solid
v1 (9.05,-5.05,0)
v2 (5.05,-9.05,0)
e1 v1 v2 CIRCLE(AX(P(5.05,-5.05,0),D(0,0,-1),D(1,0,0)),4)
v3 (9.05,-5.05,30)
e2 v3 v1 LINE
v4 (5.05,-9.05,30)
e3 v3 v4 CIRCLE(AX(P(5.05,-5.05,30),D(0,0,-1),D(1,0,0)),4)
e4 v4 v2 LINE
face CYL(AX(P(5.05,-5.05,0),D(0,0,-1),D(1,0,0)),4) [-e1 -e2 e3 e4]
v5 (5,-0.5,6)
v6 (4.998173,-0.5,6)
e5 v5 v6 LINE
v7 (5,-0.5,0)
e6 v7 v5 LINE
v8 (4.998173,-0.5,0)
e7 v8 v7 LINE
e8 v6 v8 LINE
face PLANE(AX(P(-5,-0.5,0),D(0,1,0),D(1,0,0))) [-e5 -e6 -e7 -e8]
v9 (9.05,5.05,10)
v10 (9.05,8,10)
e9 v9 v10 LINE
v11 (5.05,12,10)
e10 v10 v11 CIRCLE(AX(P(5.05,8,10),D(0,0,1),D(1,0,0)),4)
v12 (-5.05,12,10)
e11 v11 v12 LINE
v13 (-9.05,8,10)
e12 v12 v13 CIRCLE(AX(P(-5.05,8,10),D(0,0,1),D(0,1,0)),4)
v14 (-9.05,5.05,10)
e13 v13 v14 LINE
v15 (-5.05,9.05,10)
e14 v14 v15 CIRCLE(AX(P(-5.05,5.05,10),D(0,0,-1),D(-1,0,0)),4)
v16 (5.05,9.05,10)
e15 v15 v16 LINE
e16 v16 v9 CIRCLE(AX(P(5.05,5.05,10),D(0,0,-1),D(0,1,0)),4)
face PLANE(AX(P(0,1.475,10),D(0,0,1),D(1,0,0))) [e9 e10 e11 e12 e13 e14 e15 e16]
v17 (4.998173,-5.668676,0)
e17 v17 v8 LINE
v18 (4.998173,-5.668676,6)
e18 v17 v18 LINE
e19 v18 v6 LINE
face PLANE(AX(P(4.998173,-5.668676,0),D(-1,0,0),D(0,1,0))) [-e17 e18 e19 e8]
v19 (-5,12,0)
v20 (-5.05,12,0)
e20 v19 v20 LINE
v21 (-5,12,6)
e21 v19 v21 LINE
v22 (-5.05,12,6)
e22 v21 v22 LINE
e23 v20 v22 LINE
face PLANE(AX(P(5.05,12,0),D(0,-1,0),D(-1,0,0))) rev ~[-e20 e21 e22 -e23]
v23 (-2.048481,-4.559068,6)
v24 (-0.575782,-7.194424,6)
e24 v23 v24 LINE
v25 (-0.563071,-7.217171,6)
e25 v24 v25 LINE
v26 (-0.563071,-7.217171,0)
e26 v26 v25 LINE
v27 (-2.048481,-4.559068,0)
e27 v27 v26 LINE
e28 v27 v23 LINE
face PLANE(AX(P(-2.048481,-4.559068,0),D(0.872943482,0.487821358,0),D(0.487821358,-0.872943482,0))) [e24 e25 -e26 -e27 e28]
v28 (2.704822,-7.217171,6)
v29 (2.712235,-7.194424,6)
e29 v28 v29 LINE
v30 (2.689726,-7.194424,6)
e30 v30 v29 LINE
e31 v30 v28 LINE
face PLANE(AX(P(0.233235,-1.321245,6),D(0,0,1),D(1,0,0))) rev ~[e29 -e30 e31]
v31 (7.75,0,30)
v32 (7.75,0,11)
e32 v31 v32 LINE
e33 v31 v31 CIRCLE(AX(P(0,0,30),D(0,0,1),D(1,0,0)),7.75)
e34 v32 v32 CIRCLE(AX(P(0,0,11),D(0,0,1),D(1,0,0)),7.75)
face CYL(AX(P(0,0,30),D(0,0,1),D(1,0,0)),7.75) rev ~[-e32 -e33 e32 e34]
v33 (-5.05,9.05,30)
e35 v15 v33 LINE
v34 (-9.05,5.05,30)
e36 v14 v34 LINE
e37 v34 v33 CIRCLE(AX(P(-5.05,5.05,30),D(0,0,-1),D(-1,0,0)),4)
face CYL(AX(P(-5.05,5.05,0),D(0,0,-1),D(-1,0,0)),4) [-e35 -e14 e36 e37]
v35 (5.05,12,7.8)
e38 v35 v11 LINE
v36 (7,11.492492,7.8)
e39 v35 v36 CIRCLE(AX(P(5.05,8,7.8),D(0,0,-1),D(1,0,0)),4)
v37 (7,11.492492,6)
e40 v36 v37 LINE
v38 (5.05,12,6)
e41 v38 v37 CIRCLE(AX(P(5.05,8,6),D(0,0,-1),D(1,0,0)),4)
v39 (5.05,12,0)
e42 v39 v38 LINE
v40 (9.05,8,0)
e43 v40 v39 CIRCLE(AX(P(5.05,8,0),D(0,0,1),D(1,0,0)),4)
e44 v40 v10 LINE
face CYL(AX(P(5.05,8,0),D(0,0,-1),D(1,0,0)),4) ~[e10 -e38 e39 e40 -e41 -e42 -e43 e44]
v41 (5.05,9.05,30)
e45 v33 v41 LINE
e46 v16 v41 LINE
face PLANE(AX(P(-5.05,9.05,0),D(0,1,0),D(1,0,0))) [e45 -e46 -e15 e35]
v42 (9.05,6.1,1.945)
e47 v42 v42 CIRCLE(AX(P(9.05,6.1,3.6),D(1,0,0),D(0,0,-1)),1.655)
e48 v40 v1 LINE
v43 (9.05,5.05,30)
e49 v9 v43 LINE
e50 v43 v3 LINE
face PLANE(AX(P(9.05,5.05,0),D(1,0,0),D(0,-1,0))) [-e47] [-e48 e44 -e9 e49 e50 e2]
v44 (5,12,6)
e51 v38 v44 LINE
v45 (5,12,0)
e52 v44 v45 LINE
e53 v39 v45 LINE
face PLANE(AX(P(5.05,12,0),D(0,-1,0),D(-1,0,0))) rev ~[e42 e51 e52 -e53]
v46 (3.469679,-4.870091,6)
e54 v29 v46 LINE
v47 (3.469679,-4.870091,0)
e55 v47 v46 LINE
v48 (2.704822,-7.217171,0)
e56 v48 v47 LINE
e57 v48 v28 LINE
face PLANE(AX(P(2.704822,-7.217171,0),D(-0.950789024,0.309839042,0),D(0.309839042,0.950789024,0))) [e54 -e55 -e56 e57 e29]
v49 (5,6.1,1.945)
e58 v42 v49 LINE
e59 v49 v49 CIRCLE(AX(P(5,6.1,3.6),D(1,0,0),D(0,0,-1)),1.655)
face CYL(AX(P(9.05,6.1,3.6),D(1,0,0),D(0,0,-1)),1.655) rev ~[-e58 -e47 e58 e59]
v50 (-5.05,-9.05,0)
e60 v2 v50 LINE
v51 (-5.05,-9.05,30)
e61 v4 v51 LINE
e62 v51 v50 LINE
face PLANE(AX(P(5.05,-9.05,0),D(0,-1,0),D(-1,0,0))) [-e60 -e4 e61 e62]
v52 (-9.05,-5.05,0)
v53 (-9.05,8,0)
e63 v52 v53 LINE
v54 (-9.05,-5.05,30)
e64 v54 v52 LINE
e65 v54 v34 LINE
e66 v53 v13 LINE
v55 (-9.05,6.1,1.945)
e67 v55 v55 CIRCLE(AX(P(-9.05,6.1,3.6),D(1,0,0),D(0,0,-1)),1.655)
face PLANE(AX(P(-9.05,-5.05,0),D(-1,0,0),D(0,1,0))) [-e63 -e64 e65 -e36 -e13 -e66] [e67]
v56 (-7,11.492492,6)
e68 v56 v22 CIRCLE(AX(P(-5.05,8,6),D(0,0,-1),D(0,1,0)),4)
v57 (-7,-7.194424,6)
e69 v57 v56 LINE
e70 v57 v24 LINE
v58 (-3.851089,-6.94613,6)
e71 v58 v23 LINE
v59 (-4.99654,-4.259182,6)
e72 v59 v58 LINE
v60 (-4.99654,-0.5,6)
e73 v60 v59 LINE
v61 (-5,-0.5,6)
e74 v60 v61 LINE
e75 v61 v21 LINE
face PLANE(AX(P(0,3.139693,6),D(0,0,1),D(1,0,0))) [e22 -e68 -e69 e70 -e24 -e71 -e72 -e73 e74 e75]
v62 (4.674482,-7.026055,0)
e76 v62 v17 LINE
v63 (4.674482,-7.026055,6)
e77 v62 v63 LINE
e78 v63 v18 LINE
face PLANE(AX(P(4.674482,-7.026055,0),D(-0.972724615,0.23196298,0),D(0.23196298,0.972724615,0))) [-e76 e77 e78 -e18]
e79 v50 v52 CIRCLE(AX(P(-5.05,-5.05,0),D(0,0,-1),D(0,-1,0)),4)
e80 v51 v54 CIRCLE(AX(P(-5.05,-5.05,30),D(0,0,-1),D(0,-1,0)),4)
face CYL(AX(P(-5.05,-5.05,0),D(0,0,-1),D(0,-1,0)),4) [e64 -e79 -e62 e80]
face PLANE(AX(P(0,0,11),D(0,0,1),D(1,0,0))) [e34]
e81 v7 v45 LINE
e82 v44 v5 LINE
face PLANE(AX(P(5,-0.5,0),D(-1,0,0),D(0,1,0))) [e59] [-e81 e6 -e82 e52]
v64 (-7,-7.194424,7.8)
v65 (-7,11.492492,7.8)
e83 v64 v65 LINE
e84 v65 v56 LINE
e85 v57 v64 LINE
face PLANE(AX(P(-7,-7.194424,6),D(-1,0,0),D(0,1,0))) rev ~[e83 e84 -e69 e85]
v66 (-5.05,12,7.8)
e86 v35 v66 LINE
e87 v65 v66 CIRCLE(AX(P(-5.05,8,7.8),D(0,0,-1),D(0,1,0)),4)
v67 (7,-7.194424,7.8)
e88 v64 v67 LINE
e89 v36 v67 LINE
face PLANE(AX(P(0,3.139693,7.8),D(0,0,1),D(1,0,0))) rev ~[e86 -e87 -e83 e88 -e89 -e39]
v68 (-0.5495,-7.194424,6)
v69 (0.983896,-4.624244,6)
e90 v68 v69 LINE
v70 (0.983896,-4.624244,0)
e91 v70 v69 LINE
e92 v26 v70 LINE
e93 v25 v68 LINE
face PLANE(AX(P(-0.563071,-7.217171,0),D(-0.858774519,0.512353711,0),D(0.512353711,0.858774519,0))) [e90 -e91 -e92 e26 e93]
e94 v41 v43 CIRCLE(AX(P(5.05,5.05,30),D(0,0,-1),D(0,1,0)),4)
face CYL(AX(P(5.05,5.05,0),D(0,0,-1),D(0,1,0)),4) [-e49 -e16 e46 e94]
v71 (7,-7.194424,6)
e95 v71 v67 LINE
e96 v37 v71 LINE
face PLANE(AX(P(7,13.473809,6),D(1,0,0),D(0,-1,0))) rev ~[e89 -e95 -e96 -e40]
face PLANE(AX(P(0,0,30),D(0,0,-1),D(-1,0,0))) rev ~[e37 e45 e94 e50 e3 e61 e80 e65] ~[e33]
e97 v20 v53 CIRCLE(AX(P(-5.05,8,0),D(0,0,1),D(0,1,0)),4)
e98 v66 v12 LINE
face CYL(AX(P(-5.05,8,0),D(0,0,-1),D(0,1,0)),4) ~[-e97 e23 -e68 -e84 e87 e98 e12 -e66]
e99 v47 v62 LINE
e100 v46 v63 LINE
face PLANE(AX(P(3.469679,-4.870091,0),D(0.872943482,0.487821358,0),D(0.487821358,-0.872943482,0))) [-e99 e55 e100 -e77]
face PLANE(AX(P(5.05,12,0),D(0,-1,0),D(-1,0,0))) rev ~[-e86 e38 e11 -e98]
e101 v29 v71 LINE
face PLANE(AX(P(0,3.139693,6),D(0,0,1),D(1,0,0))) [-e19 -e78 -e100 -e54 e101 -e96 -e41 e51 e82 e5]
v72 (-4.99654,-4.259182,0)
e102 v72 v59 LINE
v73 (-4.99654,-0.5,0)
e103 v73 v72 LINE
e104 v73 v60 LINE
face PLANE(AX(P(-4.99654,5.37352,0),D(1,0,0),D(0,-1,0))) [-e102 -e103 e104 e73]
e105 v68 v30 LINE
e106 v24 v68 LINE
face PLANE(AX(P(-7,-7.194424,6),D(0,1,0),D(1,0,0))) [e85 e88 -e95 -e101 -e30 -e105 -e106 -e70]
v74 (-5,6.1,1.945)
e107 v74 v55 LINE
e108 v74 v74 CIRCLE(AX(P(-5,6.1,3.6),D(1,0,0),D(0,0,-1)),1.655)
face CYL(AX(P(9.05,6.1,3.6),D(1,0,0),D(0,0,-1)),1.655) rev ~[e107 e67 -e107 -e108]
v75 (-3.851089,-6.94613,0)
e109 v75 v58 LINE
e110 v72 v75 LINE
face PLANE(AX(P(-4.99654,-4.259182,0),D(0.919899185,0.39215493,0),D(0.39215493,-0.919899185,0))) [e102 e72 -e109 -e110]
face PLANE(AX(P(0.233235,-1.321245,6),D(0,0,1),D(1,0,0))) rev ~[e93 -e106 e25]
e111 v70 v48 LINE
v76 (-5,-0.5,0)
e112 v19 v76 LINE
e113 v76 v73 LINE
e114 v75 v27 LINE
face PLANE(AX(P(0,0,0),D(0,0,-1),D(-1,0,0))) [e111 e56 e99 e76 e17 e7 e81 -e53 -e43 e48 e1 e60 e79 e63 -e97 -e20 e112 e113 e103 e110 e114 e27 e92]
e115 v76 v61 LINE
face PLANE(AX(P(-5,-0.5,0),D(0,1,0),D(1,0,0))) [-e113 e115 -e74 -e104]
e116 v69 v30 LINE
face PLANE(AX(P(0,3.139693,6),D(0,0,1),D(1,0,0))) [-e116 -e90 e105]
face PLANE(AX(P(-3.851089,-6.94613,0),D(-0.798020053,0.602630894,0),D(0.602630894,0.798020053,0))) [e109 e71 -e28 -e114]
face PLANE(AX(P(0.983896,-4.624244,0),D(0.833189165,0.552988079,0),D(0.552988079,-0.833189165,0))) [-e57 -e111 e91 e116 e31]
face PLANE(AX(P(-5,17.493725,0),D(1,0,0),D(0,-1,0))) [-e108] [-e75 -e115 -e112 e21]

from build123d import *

# Parameters (mm, degrees)
BOSS_EXTRUDE1_DEPTH = 30
BOSS_EXTRUDE3_DEPTH = 10
SKETCH17_R          = 1.655
CUT_EXTRUDE10_DEPTH = 30
CUT_EXTRUDE11_DEPTH = 6
CUT_EXTRUDE12_DEPTH = 1.8
CUT_EXTRUDE13_DEPTH = 7.2
SKETCH24_R          = 7.75
CUT_EXTRUDE15_DEPTH = 19


with BuildPart() as part:
    # Sketch1 → Boss-Extrude1 (new body)
    with BuildSketch(Plane.XY):
        with BuildLine():
            Line((-5.05, 9.05), (5.05, 9.05))
            ThreePointArc((5.05, 9.05), (7.878427125, 7.878427125), (9.05, 5.05))
            Line((9.05, 5.05), (9.05, -5.05))
            ThreePointArc((9.05, -5.05), (7.878427125, -7.878427125), (5.05, -9.05))
            Line((5.05, -9.05), (-5.05, -9.05))
            ThreePointArc((-5.05, -9.05), (-7.878427125, -7.878427125), (-9.05, -5.05))
            Line((-9.05, -5.05), (-9.05, 5.05))
            ThreePointArc((-9.05, 5.05), (-7.878427125, 7.878427125), (-5.05, 9.05))
        make_face()
    extrude(amount=BOSS_EXTRUDE1_DEPTH)

    # Sketch15 → Boss-Extrude3 (add)
    with BuildSketch(Plane.XY):
        with BuildLine():
            Line((-5.05, -9.05), (5.05, -9.05))
            ThreePointArc((5.05, -9.05), (7.878427125, -7.878427125), (9.05, -5.05))
            Line((9.05, -5.05), (9.05, 8))
            ThreePointArc((9.05, 8), (7.878427125, 10.828427125), (5.05, 12))
            Line((5.05, 12), (-5.05, 12))
            ThreePointArc((-5.05, 12), (-7.878427125, 10.828427125), (-9.05, 8))
            Line((-9.05, 8), (-9.05, -5.05))
            ThreePointArc((-9.05, -5.05), (-7.878427125, -7.878427125), (-5.05, -9.05))
        make_face()
    extrude(amount=BOSS_EXTRUDE3_DEPTH)

    # Sketch17 → Cut-Extrude10 (cut)
    with BuildSketch(Plane(origin=(9.05, 0, 0), x_dir=(0, 0, -1), z_dir=(1, 0, 0))):
        with Locations((-3.6, 6.1)):
            Circle(SKETCH17_R)
    extrude(amount=-CUT_EXTRUDE10_DEPTH, mode=Mode.SUBTRACT)

    # Sketch18 → Cut-Extrude11 (cut)
    with BuildSketch(Plane.XY):
        Polygon((-4.996539756, -4.259182236), (-3.851088562, -6.946129507), (-2.048481088, -4.559068161), (-0.563070773, -7.21717083), (0.983895836, -4.624244345), (2.704822485, -7.21717083), (3.469678774, -4.870091009), (4.674482161, -7.026054964), (4.998172504, -5.668676456), (4.998172504, 5.373520003), (-4.996539756, 5.373520003), align=None)
    extrude(amount=CUT_EXTRUDE11_DEPTH, mode=Mode.SUBTRACT)

    # Sketch20 → Cut-Extrude12 (cut)
    with BuildSketch(Plane(origin=(0, 0, 6), x_dir=(-1, 0, 0), z_dir=(0, 0, -1))):
        Polygon((-7, 0), (-7, 13.473809321), (7, 13.473809321), (7, 0), (7, -7.194424303), (-7, -7.194424303), align=None)
    extrude(amount=-CUT_EXTRUDE12_DEPTH, mode=Mode.SUBTRACT)

    # Sketch21 → Cut-Extrude13 (cut)
    with BuildSketch(Plane.XY):
        Polygon((5, 17.493725323), (-5, 17.493725323), (-5, 0), (-5, -0.5), (5, -0.5), (5, 0), align=None)
    extrude(amount=CUT_EXTRUDE13_DEPTH, mode=Mode.SUBTRACT)

    # Sketch24 → Cut-Extrude15 (cut)
    with BuildSketch(Plane.XY.offset(30)):
        Circle(SKETCH24_R)
    extrude(amount=-CUT_EXTRUDE15_DEPTH, mode=Mode.SUBTRACT)


solid = part.part
